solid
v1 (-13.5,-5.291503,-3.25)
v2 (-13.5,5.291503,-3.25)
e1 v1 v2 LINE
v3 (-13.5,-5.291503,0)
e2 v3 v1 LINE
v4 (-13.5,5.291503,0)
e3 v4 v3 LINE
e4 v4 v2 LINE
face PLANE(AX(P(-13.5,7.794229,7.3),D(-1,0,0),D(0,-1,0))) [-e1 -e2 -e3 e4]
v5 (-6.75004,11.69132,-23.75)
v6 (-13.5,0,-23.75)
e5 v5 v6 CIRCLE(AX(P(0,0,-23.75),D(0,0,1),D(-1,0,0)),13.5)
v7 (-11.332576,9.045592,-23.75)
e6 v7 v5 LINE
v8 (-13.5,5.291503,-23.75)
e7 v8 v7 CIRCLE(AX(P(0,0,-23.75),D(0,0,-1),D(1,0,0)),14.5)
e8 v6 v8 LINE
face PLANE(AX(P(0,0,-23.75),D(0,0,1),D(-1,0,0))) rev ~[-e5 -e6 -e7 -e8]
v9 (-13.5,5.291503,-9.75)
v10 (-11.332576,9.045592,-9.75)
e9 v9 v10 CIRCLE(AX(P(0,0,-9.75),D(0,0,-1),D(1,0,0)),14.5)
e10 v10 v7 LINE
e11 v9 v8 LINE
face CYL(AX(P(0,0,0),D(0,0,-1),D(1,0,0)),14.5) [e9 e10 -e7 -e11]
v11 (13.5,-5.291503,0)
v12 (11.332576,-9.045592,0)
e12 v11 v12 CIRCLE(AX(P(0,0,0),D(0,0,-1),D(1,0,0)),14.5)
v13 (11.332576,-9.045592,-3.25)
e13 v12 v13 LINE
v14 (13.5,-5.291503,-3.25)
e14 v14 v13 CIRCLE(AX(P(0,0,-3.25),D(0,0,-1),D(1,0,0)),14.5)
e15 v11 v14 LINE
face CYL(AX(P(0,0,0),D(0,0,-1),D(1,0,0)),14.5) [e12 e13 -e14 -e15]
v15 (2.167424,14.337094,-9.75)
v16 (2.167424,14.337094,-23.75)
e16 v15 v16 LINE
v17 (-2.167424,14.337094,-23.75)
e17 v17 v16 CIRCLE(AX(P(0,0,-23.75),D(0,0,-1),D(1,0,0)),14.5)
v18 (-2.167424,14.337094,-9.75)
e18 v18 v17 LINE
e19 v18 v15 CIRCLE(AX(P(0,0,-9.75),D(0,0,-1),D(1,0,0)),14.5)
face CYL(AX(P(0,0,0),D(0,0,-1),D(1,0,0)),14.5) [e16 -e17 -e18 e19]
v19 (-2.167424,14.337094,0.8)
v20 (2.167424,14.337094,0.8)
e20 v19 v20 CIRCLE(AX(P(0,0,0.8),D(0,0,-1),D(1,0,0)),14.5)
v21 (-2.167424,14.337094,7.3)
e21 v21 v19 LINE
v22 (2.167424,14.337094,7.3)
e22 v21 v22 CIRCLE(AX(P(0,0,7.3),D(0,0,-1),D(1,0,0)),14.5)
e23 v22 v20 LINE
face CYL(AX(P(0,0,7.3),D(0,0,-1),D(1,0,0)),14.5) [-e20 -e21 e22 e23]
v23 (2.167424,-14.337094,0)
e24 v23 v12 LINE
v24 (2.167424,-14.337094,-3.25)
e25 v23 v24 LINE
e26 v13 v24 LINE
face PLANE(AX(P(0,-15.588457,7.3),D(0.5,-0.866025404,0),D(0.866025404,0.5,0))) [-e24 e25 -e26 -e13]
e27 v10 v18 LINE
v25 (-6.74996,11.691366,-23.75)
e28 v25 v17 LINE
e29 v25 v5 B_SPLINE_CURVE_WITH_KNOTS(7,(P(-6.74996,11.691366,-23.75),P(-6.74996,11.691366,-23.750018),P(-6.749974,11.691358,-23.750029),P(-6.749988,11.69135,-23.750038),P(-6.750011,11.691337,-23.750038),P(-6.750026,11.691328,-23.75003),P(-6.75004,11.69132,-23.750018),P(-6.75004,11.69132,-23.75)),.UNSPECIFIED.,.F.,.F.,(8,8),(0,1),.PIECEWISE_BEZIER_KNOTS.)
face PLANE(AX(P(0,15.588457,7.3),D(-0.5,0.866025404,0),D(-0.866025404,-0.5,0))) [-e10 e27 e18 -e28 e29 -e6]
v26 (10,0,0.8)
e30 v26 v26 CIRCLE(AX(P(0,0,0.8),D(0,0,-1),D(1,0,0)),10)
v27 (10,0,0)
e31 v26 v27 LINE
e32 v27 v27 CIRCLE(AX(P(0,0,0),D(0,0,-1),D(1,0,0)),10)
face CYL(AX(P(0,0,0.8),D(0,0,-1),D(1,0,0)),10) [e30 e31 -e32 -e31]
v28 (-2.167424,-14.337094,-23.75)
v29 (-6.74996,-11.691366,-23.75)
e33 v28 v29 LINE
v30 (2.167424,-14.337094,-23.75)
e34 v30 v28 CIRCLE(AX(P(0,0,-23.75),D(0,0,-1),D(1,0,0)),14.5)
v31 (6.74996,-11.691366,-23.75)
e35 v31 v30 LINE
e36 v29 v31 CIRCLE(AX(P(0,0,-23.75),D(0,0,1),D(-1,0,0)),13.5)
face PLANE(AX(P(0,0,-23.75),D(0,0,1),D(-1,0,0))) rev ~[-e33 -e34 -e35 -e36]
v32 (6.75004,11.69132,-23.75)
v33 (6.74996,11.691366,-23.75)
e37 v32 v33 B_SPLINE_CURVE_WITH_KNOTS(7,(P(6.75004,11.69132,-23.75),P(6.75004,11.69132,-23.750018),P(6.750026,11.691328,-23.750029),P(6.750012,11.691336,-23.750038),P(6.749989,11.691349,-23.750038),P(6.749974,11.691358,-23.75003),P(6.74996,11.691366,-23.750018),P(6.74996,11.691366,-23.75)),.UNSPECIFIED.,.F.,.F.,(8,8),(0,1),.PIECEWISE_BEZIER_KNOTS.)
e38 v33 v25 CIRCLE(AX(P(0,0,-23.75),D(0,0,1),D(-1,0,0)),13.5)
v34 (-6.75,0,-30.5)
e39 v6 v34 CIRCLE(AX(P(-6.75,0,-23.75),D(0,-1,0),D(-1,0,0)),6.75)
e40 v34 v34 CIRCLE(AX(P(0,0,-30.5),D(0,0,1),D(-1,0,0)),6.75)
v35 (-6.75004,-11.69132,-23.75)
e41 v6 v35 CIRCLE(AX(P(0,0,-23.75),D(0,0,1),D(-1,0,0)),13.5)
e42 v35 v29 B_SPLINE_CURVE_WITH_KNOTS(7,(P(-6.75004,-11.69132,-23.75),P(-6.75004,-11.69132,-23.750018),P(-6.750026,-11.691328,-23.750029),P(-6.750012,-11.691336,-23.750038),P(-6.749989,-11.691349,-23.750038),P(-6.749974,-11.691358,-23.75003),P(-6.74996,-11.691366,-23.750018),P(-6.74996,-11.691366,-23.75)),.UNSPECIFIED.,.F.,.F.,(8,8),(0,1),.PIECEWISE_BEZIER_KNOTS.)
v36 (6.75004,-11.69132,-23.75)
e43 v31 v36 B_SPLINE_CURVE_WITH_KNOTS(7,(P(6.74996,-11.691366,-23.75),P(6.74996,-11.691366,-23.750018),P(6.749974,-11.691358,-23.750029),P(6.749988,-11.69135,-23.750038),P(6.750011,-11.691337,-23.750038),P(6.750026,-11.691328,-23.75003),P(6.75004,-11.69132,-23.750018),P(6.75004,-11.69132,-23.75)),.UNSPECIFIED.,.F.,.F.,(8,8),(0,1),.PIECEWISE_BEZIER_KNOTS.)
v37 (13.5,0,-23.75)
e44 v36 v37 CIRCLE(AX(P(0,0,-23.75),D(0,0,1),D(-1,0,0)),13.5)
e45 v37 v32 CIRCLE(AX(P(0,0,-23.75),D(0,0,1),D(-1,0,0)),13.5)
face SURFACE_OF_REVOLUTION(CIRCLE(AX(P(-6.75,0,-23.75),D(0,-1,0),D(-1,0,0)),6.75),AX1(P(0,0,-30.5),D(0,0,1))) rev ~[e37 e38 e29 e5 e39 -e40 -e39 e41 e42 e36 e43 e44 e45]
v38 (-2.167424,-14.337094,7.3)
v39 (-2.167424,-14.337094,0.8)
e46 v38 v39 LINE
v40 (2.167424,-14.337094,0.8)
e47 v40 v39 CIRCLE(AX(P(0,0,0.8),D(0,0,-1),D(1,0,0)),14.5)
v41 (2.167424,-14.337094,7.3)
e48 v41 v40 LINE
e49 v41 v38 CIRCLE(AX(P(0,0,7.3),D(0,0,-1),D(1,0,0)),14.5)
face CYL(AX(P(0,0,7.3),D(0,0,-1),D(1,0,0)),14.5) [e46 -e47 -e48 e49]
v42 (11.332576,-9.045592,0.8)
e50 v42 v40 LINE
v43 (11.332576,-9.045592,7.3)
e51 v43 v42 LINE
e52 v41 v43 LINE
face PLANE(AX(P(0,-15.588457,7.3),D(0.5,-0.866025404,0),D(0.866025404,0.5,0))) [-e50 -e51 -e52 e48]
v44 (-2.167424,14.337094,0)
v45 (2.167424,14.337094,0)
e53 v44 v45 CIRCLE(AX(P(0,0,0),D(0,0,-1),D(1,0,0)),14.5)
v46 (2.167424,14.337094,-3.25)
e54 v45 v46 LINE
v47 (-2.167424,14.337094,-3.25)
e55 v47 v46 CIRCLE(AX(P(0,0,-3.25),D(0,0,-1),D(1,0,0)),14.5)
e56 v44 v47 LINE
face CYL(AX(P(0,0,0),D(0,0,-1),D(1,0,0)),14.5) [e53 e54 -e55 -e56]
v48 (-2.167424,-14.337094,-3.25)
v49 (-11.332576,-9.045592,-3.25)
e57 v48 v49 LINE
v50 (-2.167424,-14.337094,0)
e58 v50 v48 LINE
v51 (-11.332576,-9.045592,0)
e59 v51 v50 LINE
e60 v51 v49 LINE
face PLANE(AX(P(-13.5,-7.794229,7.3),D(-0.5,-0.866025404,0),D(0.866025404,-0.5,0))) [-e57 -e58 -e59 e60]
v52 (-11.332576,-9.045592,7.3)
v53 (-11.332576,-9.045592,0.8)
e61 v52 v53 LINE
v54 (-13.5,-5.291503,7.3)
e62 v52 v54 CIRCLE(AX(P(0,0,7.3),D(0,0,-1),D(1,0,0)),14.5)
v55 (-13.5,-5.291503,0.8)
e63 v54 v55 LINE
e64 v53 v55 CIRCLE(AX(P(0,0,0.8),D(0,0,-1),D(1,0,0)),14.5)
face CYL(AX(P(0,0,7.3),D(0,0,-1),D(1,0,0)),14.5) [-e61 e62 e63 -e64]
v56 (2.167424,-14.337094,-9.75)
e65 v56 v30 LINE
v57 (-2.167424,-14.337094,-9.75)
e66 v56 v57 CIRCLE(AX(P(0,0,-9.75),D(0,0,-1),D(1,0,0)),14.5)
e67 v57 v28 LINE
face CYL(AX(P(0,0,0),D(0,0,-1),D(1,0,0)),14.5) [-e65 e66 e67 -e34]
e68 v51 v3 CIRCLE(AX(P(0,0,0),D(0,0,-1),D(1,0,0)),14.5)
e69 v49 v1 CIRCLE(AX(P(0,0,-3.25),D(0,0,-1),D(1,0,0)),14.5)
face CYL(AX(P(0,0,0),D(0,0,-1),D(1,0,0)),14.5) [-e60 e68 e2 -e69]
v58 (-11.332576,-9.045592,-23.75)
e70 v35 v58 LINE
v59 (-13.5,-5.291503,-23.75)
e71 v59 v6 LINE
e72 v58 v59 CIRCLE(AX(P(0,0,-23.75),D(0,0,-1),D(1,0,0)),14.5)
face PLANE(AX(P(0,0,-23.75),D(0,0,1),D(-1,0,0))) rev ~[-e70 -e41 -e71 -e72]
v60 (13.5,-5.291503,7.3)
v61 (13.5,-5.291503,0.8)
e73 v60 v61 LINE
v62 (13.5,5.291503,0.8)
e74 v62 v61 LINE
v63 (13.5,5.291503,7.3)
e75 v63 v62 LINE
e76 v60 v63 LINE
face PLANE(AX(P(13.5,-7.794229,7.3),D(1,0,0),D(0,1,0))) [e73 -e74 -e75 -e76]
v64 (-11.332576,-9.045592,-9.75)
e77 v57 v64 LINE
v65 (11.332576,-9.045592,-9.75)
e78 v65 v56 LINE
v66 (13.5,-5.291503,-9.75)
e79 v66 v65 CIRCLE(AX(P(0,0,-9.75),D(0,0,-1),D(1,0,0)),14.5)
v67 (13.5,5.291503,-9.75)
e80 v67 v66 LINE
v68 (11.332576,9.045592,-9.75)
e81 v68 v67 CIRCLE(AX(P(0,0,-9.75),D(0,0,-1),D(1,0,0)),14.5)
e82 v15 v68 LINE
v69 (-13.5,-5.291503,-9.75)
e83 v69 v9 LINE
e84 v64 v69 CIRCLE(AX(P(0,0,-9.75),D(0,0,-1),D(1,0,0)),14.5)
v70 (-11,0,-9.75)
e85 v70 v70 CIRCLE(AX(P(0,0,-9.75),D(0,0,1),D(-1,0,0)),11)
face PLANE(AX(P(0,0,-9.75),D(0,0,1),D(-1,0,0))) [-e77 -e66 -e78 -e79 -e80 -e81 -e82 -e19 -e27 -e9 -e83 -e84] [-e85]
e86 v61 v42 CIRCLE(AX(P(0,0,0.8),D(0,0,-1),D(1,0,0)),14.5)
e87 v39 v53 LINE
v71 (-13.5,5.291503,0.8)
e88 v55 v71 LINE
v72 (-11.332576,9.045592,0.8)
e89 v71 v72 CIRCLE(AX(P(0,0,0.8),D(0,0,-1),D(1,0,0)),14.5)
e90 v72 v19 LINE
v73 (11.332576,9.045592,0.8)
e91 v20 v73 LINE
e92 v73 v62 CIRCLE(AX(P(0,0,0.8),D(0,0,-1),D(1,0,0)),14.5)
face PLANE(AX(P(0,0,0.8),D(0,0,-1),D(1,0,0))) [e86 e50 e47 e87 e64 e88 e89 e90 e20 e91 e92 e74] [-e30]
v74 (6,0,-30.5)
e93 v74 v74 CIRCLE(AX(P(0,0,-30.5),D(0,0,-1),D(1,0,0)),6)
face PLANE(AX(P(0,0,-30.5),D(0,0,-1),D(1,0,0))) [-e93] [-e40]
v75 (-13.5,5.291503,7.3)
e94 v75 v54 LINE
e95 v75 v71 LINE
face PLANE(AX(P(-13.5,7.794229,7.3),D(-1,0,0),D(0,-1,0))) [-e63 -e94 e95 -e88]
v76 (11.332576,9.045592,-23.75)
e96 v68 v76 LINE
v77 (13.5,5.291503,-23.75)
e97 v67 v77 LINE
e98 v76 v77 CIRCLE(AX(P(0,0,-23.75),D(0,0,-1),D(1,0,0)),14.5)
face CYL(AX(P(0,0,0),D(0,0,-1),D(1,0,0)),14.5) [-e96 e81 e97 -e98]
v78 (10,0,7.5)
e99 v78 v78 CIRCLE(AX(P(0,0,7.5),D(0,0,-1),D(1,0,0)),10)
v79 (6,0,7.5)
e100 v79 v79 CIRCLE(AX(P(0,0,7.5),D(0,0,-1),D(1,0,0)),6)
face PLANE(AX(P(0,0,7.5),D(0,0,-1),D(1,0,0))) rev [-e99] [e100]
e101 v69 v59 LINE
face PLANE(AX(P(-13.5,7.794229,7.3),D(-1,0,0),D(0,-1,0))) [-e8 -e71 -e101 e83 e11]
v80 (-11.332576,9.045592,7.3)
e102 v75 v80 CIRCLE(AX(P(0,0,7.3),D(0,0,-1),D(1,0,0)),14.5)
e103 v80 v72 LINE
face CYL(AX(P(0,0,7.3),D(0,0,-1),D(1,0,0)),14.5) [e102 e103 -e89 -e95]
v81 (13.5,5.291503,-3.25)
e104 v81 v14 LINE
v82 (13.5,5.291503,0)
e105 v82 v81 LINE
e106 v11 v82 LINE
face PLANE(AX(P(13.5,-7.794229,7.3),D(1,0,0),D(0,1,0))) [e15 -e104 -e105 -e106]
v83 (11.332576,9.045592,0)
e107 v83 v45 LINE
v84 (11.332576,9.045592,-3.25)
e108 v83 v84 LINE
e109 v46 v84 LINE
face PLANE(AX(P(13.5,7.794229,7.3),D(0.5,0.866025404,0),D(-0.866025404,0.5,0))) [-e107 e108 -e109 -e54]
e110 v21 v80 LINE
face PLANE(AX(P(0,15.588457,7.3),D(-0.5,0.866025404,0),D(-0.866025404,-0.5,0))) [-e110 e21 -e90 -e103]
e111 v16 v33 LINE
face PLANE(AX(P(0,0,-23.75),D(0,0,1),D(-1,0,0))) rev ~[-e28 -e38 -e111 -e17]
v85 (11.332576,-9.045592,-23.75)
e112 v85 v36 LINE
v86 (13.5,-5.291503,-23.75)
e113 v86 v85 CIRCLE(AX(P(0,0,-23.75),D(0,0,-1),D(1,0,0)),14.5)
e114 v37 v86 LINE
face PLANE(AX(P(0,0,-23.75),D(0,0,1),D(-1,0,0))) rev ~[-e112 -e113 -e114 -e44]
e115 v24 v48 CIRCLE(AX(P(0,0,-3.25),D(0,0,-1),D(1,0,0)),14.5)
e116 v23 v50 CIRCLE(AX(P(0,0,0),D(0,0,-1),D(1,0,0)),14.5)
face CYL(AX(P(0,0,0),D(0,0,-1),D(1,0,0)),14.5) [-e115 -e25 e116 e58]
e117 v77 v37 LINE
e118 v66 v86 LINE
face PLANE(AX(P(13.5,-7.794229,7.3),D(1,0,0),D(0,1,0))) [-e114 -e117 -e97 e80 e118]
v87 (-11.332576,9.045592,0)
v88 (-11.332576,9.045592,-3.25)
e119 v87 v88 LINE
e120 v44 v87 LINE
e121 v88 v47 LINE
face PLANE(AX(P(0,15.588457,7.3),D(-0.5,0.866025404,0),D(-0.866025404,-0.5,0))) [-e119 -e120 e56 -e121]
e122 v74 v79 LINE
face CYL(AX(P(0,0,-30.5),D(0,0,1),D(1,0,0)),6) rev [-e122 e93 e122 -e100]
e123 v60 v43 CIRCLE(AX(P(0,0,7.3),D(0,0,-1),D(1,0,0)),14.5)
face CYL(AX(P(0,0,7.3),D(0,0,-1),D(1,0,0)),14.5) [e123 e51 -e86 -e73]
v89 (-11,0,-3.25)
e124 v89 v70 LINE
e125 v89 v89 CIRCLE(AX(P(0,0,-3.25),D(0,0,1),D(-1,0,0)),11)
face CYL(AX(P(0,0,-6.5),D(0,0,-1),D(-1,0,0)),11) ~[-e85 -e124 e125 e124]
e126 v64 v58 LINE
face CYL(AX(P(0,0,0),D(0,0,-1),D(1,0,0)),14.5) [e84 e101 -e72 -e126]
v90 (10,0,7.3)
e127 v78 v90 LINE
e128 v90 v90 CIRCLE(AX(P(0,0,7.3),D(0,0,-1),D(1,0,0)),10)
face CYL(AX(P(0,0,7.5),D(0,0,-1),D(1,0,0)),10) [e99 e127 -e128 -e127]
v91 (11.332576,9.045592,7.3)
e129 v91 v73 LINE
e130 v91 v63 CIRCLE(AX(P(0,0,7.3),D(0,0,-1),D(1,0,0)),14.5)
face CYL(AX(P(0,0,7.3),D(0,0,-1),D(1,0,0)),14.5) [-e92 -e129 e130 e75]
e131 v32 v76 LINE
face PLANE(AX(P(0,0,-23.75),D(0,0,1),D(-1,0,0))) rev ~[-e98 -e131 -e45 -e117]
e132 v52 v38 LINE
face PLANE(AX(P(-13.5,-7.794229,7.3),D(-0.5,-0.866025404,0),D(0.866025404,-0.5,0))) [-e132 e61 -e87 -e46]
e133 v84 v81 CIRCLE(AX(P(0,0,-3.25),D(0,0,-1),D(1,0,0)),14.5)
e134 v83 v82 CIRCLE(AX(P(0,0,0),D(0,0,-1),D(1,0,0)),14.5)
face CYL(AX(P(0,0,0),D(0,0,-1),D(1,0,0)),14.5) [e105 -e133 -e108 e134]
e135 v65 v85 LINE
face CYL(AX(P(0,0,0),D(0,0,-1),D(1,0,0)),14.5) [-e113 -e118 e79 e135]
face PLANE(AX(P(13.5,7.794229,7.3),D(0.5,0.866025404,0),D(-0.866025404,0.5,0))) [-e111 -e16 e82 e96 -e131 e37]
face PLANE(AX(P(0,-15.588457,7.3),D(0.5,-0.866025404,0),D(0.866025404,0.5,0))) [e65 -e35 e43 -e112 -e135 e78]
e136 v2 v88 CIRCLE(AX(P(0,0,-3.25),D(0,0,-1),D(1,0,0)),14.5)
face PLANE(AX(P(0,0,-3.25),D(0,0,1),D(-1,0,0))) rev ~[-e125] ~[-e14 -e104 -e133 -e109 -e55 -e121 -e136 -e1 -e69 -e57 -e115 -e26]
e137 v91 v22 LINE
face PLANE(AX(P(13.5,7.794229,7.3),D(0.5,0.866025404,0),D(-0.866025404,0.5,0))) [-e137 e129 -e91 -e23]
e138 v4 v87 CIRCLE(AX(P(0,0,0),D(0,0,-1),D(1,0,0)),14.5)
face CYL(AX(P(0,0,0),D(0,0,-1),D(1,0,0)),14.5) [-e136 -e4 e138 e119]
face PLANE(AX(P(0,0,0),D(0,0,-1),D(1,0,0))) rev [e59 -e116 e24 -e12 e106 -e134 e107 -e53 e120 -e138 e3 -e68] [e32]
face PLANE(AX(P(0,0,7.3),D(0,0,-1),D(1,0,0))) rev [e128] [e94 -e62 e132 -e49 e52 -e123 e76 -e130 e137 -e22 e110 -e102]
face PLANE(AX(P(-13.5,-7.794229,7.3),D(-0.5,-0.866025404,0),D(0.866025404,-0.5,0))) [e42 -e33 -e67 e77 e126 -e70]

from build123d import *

# Parameters (mm, degrees)
SKETCH2_OUTSIDE_W  = 42.182
SKETCH2_OUTSIDE_H  = 42.182
CUT_EXTRUDE1_DEPTH = 44.003953307
SKETCH3_W          = 5
SKETCH3_H          = 6.5


with BuildPart() as part:
    # Sketch1 → Revolve1 (revolve)
    with BuildSketch(Plane(origin=(0, 0, 0), x_dir=(0, 0, -1), z_dir=(1, 0, 0)), mode=Mode.PRIVATE) as revolve1_sk:
        Polygon((-7.5, 10), (-7.3, 10), (-7.3, 14.5), (-0.8, 14.5), (-0.8, 10), (0, 10), (0, 14.5), (30.5, 14.5), (30.5, 6), (-7.5, 6), align=None)
    revolve(revolve1_sk.sketch.rotate(Axis((0, 0, 7.5), (0, 0, -1)), 90), axis=Axis((0, 0, 7.5), (0, 0, -1)))

    # Sketch2 outside → Cut-Extrude1 (cut, through all)
    with BuildSketch(Plane.XY.offset(7.3)):
        Rectangle(SKETCH2_OUTSIDE_W, SKETCH2_OUTSIDE_H)
        Polygon((0, 15.588457268), (-13.5, 7.794228634), (-13.5, -7.794228634), (0, -15.588457268), (13.5, -7.794228634), (13.5, 7.794228634), align=None, mode=Mode.SUBTRACT)
    extrude(amount=-CUT_EXTRUDE1_DEPTH, mode=Mode.SUBTRACT)

    # Sketch3 → Cut-Revolve3 (revolve, cut)
    with BuildSketch(Plane(origin=(0, 0, 0), x_dir=(1, 0, 0), z_dir=(0, 1, 0))):
        with BuildLine():
            Line((-6.75, 30.5), (-6.75, 35.5))
            Line((-6.75, 35.5), (-61.446878064, 35.5))
            Line((-61.446878064, 35.5), (-61.446878064, 23.75))
            Line((-61.446878064, 23.75), (-13.5, 23.75))
            ThreePointArc((-13.5, 23.75), (-11.522970773, 28.522970773), (-6.75, 30.5))
        make_face()
        with Locations((-13.5, 6.5)):
            Rectangle(SKETCH3_W, SKETCH3_H)
    revolve(axis=Axis((0, 0, -30.5), (0, 0, 1)), mode=Mode.SUBTRACT)


solid = part.part
